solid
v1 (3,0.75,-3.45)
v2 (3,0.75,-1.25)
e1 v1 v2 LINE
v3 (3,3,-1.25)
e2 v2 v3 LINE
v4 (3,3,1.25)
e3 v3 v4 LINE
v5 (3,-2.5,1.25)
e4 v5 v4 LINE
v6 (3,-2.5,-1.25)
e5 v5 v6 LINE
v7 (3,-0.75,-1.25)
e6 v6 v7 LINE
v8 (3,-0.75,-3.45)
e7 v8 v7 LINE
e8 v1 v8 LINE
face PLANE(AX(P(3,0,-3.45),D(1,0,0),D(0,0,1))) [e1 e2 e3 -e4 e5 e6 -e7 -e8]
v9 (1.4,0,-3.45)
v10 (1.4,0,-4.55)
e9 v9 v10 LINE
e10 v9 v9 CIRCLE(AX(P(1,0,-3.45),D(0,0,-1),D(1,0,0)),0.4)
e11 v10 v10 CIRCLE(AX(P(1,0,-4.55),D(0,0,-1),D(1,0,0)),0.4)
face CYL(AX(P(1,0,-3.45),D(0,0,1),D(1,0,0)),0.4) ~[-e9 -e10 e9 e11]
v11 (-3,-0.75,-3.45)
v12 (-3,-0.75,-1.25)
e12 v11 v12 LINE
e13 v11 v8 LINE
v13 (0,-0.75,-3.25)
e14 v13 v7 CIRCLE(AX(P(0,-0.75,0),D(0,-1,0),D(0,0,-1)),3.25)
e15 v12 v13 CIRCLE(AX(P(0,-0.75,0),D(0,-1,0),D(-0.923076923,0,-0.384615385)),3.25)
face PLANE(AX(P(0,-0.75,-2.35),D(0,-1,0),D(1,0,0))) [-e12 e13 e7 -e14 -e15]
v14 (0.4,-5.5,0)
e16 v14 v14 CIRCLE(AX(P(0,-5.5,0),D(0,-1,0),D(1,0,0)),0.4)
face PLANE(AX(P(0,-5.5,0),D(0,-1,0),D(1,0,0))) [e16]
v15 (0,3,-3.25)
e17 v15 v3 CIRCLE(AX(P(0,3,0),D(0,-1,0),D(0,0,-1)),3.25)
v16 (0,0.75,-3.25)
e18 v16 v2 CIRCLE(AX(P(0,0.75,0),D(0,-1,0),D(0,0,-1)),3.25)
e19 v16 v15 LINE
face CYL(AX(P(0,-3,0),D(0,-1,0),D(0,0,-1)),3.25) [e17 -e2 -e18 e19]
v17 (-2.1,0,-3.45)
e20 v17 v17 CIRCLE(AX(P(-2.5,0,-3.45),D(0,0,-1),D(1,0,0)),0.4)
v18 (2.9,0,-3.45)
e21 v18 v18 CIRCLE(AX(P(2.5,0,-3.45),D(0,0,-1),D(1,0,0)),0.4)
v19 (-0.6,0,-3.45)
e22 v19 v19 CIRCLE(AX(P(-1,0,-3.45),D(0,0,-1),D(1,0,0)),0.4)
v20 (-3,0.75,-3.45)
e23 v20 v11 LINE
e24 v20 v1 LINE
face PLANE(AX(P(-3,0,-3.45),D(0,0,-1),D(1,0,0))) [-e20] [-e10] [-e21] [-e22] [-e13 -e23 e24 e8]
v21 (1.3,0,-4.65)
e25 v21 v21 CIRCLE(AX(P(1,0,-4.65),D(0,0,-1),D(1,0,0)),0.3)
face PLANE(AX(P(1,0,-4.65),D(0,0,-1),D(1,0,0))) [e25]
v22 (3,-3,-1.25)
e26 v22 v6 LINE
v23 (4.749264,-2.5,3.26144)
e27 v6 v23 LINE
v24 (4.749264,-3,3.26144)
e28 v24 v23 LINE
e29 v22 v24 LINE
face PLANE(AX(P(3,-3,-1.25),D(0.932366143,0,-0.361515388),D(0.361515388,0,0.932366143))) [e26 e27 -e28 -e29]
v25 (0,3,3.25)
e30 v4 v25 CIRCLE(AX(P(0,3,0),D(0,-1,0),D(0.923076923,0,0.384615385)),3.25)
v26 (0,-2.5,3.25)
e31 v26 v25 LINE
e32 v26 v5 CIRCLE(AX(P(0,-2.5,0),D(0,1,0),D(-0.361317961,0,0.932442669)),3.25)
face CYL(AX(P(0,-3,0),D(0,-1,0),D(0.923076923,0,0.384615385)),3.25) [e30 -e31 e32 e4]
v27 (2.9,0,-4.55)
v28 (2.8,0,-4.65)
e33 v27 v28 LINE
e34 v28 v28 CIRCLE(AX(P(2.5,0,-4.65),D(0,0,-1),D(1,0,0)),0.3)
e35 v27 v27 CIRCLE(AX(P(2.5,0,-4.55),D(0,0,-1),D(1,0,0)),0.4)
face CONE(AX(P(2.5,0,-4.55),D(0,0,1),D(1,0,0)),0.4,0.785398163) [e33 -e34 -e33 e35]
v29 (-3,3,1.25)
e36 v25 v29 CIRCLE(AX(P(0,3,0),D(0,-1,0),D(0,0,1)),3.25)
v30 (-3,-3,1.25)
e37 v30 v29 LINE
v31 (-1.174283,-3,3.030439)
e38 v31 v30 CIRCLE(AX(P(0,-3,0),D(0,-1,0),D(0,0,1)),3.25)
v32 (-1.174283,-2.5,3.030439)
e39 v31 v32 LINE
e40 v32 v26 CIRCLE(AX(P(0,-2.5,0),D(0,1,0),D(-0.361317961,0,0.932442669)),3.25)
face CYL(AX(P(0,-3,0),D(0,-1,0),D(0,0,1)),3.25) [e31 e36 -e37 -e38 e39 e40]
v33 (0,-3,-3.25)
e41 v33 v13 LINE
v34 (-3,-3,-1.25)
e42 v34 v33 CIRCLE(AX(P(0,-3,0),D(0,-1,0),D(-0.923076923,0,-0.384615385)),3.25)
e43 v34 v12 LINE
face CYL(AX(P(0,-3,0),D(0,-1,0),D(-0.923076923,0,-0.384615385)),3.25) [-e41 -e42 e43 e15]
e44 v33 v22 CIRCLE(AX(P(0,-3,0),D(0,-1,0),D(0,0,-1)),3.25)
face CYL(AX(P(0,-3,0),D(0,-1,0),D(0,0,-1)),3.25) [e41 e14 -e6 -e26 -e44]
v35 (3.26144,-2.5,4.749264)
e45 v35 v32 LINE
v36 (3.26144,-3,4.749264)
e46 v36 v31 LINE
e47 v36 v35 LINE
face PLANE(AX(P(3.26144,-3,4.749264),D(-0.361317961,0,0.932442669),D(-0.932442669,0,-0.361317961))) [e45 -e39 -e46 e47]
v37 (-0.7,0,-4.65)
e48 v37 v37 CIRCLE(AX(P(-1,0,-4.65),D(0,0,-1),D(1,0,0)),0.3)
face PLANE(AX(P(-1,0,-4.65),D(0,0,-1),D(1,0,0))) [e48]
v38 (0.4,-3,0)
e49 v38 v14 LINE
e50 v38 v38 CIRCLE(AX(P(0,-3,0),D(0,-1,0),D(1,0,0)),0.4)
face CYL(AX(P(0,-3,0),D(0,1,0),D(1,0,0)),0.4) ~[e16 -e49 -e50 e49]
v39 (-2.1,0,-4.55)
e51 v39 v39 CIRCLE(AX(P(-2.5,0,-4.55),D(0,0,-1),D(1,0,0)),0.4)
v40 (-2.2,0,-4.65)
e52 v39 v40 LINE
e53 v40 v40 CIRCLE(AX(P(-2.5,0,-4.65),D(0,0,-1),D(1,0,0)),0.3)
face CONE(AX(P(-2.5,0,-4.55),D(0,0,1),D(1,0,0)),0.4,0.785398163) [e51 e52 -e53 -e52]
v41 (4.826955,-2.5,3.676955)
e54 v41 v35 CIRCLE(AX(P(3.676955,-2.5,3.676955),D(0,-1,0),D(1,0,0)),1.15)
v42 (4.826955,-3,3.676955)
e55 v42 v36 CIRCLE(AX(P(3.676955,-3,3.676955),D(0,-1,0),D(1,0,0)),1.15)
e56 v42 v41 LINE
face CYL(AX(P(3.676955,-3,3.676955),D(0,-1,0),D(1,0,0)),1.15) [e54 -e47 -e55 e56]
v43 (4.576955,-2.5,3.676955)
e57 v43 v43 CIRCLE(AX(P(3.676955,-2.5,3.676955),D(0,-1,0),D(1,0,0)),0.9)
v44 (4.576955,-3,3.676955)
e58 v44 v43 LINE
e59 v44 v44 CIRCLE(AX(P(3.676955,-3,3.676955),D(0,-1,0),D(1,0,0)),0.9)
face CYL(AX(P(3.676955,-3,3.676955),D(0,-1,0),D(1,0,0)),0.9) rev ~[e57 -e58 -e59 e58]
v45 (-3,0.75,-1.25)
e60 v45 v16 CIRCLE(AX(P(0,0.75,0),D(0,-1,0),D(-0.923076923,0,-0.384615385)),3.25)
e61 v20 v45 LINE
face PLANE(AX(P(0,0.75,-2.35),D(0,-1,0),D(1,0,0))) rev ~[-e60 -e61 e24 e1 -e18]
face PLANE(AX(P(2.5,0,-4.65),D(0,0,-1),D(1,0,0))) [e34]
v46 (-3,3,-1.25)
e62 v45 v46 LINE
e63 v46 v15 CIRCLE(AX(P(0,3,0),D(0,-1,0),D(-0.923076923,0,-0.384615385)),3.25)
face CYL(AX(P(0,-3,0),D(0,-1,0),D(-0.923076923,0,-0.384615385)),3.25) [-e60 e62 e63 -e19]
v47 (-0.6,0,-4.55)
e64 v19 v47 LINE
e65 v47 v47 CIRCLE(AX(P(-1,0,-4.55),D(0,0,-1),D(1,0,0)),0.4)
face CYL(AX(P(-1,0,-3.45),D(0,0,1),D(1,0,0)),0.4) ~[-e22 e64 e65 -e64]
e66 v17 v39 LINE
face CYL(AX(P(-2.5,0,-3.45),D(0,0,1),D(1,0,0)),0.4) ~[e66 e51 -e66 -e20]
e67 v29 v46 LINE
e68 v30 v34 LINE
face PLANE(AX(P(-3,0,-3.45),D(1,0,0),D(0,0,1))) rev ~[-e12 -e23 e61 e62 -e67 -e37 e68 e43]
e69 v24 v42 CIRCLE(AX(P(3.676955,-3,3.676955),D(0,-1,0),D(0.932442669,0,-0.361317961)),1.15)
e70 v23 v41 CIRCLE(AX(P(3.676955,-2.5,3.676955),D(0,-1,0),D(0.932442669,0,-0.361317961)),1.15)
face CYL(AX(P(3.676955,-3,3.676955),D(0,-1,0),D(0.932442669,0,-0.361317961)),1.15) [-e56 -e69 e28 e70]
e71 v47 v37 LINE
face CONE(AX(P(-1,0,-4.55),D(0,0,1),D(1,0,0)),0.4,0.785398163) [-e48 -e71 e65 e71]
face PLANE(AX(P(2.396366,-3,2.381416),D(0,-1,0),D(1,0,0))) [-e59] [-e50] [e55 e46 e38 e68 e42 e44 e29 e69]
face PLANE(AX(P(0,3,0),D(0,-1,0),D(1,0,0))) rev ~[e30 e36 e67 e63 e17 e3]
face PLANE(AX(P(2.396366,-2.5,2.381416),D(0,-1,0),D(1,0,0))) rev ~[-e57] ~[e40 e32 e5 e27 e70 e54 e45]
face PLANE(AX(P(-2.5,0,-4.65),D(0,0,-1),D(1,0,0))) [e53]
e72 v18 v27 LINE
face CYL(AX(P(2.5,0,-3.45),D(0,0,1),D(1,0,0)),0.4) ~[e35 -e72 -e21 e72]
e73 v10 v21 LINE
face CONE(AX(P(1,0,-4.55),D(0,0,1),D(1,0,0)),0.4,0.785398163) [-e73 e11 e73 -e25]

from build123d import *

# Parameters (mm, degrees)
F1_DEPTH  = 6
F2_R      = 0.4
F3_DEPTH  = 2.5
F4_R      = 0.9
F5_DEPTH  = 0.5
F7_W      = 6
F7_H      = 2.2
F8_DEPTH  = 0.75
F9_R      = 0.4
F10_DEPTH = 1.2
F11_SIZE  = 0.1


with BuildPart() as f1:
    # F0 (on Front) → F1 (new body)
    with BuildSketch(Plane.XZ):
        with BuildLine():
            ThreePointArc((3, 1.25), (1.8027756377, 2.7041634566), (0, 3.25))
            ThreePointArc((0, 3.25), (-1.8027756377, 2.7041634566), (-3, 1.25))
            Line((-3, 1.25), (-3, -1.25))
            ThreePointArc((-3, -1.25), (-1.8027756377, -2.7041634566), (0, -3.25))
            ThreePointArc((0, -3.25), (1.8027756377, -2.7041634566), (3, -1.25))
            Line((3, -1.25), (3, 1.25))
        make_face()
    extrude(amount=-F1_DEPTH)

    # F2 (on face) → F3 (join)
    with BuildSketch(Plane.XZ):
        Circle(F2_R)
    extrude(amount=F3_DEPTH)

    # F4 (on face) → F5 (join)
    with BuildSketch(Plane.XZ):
        with BuildLine():
            ThreePointArc((4.7492643315, 3.2614396069), (2.8637824638, 2.8637824638), (3.2614396069, 4.7492643315))
            Line((3.2614396069, 4.7492643315), (-1.1742833736, 3.0304386743))
            ThreePointArc((-1.1742833736, 3.0304386743), (1.2750689268, 2.9894312556), (3, 1.25))
            Line((3, 1.25), (3, -1.25))
            Line((3, -1.25), (4.7492643315, 3.2614396069))
        make_face()
        with BuildLine():
            ThreePointArc((4.7492643315, 3.2614396069), (4.8073656809, 3.4655970706), (4.8269552622, 3.6769552622))
            ThreePointArc((4.8269552622, 3.6769552622), (4.3268233243, 4.6257289453), (3.2614396069, 4.7492643315))
            ThreePointArc((3.2614396069, 4.7492643315), (2.8637824638, 2.8637824638), (4.7492643315, 3.2614396069))
        make_face()
        with Locations((3.6769552622, 3.6769552622)):
            Circle(F4_R, mode=Mode.SUBTRACT)
    extrude(amount=-F5_DEPTH)


with BuildPart() as f1_1:
    # F6: moved
    add(f1.part.moved(Location((0, -3, 0))))

    # F7 (on Front) → F8 (join, symmetric)
    with BuildSketch(Plane.XZ):
        with Locations((0, -2.35)):
            Rectangle(F7_W, F7_H)
    extrude(amount=F8_DEPTH, both=True)

    # F9 (on face) → F10 (join)
    with BuildSketch(Plane(origin=(0, 0, -3.45), x_dir=(1, 0, 0), z_dir=(0, 0, -1))):
        with Locations((-2.5, 0)):
            Circle(F9_R)
        with Locations((-1, 0)):
            Circle(F9_R)
        with Locations((1, 0)):
            Circle(F9_R)
        with Locations((2.5, 0)):
            Circle(F9_R)
    extrude(amount=F10_DEPTH)

    # F11
    f11_edges = [f1_1.edges().sort_by_distance(p)[0] for p in [
        (-2.9, 0, -4.65),
        (-1.4, 0, -4.65),
        (0.6, 0, -4.65),
        (2.1, 0, -4.65),
    ]]
    chamfer(f11_edges, length=F11_SIZE)


solid = f1_1.part
